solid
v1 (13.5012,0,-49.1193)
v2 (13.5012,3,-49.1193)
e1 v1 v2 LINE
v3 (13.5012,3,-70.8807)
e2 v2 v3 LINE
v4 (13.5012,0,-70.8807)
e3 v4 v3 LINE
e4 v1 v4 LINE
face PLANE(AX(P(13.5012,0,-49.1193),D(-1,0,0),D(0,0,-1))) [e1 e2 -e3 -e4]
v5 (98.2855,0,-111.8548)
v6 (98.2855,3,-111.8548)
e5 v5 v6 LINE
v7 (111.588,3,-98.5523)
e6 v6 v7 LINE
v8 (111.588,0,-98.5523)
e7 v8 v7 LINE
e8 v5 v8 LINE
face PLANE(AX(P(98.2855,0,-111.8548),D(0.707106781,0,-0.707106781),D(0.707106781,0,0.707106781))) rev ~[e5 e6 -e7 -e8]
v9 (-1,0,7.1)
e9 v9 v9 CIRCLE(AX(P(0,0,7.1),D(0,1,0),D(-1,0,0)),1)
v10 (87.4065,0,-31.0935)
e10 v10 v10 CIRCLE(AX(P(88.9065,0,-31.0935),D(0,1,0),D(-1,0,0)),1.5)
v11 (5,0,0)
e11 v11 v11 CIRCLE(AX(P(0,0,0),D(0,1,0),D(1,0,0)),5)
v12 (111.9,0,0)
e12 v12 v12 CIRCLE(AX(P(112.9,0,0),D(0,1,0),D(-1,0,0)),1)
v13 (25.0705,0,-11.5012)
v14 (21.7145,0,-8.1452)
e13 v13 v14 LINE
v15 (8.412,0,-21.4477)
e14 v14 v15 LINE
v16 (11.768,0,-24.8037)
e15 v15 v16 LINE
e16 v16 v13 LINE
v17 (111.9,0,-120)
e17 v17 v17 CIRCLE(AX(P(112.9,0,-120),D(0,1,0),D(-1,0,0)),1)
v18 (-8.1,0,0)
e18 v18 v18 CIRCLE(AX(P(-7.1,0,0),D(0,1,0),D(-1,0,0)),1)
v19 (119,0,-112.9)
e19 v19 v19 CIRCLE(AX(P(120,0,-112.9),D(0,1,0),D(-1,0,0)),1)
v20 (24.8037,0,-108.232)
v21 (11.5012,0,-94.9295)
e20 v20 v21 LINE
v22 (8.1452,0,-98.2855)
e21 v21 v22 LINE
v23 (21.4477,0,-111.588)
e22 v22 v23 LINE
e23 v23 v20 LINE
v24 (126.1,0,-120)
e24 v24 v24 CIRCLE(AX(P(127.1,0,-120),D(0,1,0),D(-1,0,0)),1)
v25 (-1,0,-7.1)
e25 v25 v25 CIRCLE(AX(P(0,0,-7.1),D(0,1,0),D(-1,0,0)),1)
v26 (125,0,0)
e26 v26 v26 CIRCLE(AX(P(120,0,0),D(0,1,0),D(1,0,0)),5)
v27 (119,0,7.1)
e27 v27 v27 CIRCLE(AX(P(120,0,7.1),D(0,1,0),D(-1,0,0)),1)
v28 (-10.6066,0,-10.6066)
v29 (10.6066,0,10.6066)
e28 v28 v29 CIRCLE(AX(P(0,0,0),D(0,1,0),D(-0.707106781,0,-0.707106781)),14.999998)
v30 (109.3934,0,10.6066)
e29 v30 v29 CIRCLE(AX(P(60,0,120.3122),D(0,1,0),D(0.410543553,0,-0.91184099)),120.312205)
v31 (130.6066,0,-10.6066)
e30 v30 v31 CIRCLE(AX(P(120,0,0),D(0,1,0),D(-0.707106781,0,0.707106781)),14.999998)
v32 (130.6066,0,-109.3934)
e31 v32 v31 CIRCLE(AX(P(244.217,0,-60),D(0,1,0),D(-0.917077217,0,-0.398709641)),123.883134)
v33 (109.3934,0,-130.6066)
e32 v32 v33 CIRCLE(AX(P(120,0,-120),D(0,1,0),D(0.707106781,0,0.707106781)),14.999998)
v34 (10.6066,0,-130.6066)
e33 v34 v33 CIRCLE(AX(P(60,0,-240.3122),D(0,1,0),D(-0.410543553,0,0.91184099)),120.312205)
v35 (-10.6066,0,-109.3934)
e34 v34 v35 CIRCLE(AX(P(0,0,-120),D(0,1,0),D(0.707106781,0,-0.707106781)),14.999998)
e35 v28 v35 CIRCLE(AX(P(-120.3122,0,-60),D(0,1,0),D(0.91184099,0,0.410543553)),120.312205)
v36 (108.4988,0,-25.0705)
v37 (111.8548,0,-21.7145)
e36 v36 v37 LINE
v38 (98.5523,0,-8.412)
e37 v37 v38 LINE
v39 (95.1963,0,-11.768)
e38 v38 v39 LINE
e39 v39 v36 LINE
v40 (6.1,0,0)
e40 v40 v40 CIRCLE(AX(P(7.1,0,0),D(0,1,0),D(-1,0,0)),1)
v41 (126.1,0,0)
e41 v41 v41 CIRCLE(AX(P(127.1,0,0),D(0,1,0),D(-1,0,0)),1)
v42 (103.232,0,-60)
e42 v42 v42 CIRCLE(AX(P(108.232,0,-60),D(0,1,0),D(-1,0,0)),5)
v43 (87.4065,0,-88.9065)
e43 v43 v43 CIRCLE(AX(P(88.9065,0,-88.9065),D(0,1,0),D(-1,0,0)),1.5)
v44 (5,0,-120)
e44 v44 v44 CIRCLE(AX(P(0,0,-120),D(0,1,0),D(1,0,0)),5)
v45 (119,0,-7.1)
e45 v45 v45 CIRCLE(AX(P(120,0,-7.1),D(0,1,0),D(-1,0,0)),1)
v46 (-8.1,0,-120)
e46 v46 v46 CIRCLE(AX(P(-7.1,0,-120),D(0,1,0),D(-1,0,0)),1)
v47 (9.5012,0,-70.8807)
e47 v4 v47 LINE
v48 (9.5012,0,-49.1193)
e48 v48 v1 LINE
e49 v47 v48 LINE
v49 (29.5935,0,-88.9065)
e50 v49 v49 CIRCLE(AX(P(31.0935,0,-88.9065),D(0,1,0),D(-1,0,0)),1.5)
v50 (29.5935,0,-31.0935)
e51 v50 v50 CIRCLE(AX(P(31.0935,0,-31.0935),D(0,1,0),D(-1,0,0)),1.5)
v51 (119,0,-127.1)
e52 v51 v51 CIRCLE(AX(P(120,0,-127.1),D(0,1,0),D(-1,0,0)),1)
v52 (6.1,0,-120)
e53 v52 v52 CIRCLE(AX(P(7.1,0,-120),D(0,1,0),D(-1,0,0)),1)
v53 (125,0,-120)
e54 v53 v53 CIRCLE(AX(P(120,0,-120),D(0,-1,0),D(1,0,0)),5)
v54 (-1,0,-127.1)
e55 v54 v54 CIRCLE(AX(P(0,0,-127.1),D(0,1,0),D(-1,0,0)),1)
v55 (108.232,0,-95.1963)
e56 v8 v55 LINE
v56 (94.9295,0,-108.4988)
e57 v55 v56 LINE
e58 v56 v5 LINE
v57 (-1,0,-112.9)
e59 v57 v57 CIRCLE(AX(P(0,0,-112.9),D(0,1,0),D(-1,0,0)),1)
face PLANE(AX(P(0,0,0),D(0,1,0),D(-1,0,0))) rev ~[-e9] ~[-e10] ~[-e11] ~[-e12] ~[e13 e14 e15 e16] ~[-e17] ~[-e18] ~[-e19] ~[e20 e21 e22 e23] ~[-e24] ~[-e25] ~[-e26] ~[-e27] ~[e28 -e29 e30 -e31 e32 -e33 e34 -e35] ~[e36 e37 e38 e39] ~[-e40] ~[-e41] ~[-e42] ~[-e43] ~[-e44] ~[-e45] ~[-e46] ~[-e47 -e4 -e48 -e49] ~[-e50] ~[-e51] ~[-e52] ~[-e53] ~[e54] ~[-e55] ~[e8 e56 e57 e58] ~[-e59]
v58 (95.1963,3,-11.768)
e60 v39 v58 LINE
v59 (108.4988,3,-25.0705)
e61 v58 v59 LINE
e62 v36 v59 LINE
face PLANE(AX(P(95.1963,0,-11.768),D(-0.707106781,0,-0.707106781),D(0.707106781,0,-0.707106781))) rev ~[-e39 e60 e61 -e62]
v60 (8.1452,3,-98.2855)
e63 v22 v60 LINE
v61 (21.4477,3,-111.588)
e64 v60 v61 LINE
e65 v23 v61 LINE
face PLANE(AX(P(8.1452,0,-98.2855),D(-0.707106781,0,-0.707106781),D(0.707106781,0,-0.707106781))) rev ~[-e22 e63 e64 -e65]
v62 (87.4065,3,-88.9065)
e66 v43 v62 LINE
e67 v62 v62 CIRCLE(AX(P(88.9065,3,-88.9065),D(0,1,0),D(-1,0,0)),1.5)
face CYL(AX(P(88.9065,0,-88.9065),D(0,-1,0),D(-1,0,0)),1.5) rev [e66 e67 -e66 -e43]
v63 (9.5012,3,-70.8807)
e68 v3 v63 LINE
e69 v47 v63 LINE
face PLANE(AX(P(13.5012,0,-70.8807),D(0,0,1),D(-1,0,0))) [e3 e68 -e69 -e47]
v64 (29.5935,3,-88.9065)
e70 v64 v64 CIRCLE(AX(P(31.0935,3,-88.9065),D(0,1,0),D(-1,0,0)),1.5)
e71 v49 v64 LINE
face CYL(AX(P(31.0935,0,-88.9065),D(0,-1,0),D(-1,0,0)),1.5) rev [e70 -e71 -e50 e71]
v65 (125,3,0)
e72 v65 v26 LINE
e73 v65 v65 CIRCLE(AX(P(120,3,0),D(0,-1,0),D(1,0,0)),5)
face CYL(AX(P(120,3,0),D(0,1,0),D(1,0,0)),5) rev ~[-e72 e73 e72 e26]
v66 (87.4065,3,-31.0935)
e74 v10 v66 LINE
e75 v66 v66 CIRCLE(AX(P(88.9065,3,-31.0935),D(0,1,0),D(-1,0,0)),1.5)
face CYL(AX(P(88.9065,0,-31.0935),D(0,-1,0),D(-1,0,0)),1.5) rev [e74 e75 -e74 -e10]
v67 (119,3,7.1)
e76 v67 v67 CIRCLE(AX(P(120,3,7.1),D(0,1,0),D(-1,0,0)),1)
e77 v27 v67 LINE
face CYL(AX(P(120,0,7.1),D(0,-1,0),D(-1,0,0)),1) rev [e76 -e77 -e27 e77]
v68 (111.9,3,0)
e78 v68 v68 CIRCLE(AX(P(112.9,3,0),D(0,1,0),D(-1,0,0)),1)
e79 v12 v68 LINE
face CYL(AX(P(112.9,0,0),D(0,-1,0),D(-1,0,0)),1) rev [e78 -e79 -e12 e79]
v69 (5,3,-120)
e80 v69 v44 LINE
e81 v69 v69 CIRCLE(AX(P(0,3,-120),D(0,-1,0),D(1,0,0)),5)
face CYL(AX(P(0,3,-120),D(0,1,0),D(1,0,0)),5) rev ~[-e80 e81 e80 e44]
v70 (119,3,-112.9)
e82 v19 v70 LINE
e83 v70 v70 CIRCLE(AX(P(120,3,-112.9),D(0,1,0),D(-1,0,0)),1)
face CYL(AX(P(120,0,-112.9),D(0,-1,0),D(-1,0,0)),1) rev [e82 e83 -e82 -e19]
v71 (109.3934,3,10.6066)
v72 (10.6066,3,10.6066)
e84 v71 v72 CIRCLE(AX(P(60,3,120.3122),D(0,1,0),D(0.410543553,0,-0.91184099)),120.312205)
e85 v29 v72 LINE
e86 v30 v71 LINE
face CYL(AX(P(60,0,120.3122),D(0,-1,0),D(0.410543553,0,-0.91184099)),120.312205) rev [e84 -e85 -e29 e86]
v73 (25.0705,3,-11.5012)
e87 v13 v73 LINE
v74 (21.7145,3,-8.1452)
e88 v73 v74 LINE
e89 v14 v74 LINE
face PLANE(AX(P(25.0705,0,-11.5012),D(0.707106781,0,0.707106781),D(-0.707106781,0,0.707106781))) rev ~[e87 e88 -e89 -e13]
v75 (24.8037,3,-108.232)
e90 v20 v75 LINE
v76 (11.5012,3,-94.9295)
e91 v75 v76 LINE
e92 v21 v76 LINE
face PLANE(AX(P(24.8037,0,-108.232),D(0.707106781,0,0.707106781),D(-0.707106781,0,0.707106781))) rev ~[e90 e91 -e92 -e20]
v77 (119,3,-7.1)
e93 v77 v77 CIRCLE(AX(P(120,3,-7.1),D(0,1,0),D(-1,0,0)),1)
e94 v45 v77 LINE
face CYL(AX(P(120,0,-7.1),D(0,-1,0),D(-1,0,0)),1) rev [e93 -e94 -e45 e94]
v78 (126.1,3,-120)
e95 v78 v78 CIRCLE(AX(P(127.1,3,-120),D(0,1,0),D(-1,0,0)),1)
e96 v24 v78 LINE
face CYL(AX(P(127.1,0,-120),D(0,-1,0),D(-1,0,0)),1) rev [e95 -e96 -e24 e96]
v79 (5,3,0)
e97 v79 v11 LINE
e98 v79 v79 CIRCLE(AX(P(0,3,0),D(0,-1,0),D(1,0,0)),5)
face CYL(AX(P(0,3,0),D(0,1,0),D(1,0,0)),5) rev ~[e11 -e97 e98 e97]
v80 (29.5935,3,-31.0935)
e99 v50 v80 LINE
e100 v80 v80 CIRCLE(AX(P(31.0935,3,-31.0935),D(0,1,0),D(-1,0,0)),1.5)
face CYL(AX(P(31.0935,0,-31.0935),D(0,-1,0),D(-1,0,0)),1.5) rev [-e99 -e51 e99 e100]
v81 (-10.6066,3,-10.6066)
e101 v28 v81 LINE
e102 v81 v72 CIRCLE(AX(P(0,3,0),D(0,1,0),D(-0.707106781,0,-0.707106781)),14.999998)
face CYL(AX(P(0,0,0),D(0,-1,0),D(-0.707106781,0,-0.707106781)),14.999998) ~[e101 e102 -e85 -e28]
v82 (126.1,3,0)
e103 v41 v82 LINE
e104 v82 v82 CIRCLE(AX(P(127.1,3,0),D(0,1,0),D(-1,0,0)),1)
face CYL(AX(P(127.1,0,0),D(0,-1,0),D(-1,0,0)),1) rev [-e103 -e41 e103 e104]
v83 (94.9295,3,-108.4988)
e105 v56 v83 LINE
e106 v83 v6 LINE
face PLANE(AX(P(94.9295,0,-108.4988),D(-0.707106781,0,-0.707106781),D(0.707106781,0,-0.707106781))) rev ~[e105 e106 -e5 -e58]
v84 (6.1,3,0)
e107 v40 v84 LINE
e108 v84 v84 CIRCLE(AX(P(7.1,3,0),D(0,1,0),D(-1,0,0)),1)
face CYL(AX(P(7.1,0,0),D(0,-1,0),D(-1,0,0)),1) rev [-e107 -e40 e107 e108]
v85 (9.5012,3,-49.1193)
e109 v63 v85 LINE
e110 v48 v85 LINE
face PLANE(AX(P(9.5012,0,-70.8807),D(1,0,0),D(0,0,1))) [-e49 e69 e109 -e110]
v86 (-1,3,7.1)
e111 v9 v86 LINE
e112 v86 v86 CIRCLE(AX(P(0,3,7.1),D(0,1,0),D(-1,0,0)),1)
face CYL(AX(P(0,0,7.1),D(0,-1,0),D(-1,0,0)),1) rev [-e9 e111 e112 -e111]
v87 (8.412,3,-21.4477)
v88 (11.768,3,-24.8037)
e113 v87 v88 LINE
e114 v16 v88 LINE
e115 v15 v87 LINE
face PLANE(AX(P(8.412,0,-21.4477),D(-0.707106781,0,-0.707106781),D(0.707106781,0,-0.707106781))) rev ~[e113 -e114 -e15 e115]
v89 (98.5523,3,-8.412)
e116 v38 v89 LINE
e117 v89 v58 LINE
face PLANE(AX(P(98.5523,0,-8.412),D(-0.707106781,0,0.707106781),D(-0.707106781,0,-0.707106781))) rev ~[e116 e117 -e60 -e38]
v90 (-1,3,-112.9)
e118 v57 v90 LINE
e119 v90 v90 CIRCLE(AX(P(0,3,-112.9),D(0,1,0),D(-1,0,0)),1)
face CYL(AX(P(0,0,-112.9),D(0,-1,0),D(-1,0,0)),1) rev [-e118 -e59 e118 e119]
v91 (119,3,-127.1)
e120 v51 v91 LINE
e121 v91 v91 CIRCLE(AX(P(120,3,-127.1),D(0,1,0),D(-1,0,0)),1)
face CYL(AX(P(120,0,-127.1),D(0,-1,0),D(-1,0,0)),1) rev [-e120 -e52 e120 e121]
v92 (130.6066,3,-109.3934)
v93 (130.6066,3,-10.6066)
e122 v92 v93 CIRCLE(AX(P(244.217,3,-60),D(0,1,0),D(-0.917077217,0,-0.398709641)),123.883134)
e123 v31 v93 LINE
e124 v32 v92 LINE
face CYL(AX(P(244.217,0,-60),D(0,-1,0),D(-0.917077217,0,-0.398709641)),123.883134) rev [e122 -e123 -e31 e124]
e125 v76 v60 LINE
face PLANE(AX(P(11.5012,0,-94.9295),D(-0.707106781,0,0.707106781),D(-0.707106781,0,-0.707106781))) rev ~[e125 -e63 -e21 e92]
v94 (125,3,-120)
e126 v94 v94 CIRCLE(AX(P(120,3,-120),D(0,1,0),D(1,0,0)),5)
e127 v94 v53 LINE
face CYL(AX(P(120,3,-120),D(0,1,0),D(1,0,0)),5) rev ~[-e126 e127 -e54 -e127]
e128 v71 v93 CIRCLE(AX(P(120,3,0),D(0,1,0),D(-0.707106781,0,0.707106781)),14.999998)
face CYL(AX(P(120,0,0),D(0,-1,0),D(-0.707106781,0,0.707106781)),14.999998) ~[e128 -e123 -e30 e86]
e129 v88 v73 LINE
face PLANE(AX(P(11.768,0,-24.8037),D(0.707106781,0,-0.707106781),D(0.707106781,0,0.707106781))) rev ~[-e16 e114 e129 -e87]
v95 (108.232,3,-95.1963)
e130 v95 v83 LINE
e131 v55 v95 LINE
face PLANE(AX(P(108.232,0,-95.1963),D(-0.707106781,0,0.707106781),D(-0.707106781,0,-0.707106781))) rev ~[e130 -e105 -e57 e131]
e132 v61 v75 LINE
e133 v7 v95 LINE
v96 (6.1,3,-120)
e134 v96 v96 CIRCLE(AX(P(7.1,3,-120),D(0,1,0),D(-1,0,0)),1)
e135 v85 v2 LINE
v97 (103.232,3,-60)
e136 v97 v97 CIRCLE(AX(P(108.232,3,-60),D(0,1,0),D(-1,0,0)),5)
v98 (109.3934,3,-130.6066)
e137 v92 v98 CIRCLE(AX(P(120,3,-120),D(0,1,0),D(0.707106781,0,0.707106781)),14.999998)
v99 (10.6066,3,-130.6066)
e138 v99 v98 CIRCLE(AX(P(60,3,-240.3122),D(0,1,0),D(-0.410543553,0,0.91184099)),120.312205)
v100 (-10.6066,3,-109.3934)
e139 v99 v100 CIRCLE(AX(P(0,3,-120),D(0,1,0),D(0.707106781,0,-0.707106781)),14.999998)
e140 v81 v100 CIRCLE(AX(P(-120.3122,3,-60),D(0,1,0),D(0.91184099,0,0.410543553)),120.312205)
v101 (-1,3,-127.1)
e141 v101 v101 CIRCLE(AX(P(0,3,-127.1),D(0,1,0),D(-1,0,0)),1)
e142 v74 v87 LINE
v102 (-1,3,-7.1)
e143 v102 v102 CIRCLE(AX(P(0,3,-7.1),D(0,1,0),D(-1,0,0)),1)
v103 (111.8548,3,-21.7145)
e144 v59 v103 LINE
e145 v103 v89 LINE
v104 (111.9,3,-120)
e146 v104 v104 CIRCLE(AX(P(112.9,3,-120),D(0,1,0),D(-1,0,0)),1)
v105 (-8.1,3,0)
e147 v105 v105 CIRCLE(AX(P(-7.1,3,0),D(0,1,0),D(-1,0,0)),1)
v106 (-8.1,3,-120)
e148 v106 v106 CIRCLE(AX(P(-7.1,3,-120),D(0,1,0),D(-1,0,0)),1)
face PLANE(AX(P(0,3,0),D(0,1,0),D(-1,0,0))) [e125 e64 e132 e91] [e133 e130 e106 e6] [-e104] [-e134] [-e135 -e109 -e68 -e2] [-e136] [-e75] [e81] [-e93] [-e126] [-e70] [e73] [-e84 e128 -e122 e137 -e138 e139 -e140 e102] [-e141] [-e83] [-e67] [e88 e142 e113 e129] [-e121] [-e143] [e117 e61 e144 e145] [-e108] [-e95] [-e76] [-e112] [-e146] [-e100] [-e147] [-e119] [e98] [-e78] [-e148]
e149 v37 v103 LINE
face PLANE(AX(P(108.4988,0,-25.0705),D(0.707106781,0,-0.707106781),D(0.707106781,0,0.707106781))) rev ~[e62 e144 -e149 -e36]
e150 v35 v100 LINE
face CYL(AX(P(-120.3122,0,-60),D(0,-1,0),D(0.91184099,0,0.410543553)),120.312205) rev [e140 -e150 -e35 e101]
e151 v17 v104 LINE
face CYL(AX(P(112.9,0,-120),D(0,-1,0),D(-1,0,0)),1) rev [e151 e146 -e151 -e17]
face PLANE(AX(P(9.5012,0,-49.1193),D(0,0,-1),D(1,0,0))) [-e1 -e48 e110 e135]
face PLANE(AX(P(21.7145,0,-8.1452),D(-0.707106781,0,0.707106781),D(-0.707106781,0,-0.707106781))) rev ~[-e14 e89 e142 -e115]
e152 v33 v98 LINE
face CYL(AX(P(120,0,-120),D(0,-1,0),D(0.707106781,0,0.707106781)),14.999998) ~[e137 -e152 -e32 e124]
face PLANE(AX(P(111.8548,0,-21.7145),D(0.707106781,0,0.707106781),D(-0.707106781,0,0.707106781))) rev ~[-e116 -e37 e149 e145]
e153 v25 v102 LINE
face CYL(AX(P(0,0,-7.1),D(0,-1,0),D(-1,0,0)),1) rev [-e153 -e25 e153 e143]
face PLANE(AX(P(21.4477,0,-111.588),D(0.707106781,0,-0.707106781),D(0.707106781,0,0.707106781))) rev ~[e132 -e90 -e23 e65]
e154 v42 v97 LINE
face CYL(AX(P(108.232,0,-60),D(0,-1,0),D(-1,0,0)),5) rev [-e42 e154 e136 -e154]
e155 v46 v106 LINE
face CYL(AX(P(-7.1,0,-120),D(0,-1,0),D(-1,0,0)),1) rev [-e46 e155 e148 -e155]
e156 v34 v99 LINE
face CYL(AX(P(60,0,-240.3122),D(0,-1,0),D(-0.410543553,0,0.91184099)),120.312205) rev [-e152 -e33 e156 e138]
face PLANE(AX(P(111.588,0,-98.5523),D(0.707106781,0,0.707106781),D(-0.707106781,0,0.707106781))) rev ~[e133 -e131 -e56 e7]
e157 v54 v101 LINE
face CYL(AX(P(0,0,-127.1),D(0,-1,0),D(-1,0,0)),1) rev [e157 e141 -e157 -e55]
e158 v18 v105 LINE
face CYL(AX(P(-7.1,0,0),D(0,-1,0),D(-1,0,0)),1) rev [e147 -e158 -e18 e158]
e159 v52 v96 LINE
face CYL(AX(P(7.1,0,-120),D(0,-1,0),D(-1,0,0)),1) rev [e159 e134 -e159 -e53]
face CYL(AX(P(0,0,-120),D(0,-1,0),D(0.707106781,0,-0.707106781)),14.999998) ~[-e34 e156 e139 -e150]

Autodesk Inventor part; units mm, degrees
ref_plane "YZ Plane" through (0, 0, 0) normal (1, 0, 0) x (0, 1, 0)
ref_plane "XZ Plane" through (0, 0, 0) normal (0, 1, 0) x (-1, 0, 0)
ref_plane "XY Plane" through (0, 0, 0) normal (0, 0, 1) x (1, 0, 0)
sketch "Sketch1" plane through (0, 0, 0) normal (0, 1, 0) x (-1, 0, 0)
  arc A0 (-10.6066, -130.6066) -> (10.6066, -109.3934) centre (0, -120) ccw
  arc A1 (10.6066, -10.6066) -> (-10.6066, 10.6066) centre (0, 0) ccw
  arc A2 (-130.6066, -109.3934) -> (-109.3934, -130.6066) centre (-120, -120) ccw
  arc A3 (-109.3934, 10.6066) -> (-130.6066, -10.6066) centre (-120, 0) ccw
  arc A4 (10.6066, -10.6066) -> (10.6066, -109.3934) centre (120.3122, -60) ccw
  arc A5 (-10.6066, -130.6066) -> (-109.3934, -130.6066) centre (-60, -240.3122) ccw
  arc A6 (-109.3934, 10.6066) -> (-10.6066, 10.6066) centre (-60, 120.3122) ccw
  arc A7 (-130.6066, -109.3934) -> (-130.6066, -10.6066) centre (-244.217, -60) ccw
  circle A8 centre (7.1, 0) radius 1
  circle A9 centre (0, 7.1) radius 1
  circle A10 centre (-7.1, 0) radius 1
  circle A11 centre (0, -7.1) radius 1
  circle A12 centre (0, 0) radius 1.5
  circle A13 centre (-120, 0) radius 1.5
  circle A14 centre (-120, -120) radius 1.5
  circle A15 centre (0, -120) radius 1.5
  circle A16 centre (-120, 7.1) radius 1
  circle A17 centre (-127.1, 0) radius 1
  circle A18 centre (-120, -7.1) radius 1
  circle A19 centre (-112.9, 0) radius 1
  circle A20 centre (-127.1, -120) radius 1
  circle A21 centre (-120, -127.1) radius 1
  circle A22 centre (-112.9, -120) radius 1
  circle A23 centre (-120, -112.9) radius 1
  circle A24 centre (0, -127.1) radius 1
  circle A25 centre (7.1, -120) radius 1
  circle A26 centre (0, -112.9) radius 1
  circle A27 centre (-7.1, -120) radius 1
  line L0 (-21.7145, -8.1452) -> (-8.412, -21.4477)
  line L1 (-8.412, -21.4477) -> (-11.768, -24.8037)
  line L2 (-11.768, -24.8037) -> (-25.0705, -11.5012)
  line L3 (-25.0705, -11.5012) -> (-21.7145, -8.1452)
  line L4 (-95.1963, -11.768) -> (-108.4988, -25.0705)
  line L5 (-98.5523, -8.412) -> (-95.1963, -11.768)
  line L6 (-111.8548, -21.7145) -> (-98.5523, -8.412)
  line L7 (-108.4988, -25.0705) -> (-111.8548, -21.7145)
  line L8 (-108.232, -95.1963) -> (-94.9295, -108.4988)
  line L9 (-111.588, -98.5523) -> (-108.232, -95.1963)
  line L10 (-98.2855, -111.8548) -> (-111.588, -98.5523)
  line L11 (-94.9295, -108.4988) -> (-98.2855, -111.8548)
  line L12 (-24.8037, -108.232) -> (-11.5012, -94.9295)
  line L13 (-21.4477, -111.588) -> (-24.8037, -108.232)
  line L14 (-8.1452, -98.2855) -> (-21.4477, -111.588)
  line L15 (-11.5012, -94.9295) -> (-8.1452, -98.2855)
  circle A28 centre (-108.232, -60) radius 5
  line L16 (-9.5012, -49.1193) -> (-13.5012, -49.1193)
  line L17 (-13.5012, -49.1193) -> (-13.5012, -70.8807)
  line L18 (-13.5012, -70.8807) -> (-9.5012, -70.8807)
  line L19 (-9.5012, -70.8807) -> (-9.5012, -49.1193)
  line L20 (-9.5012, -49.1193) -> (-13.5012, -70.8807) construction
  line L21 (-13.5012, -49.1193) -> (-9.5012, -70.8807) construction
  circle A29 centre (-31.0935, -31.0935) radius 1.5
  circle A30 centre (-88.9065, -31.0935) radius 1.5
  circle A31 centre (-88.9065, -88.9065) radius 1.5
  circle A32 centre (-31.0935, -88.9065) radius 1.5
  point P0 (-60, -60)
  point P1 (-11.5012, -60)
  dimension "d13" = 360
  dimension "d19" = 360
  dimension "d23" = 360
  dimension "d29" = 360
  dimension "d31" = 10
  dimension "d32" = 4
  dimension "d33" = 3
  dimension "d36" = 360
  dimension "d48" = 57.813
extrude "Extrusion1" add sketch "Sketch1" along normal blind 3
sketch "Sketch2" plane through (0, 3, 0) normal (0, 1, 0) x (1, 0, 0)
  point P0 (0, 0)
sketch "Sketch3" plane through (0, 3, 0) normal (0, 1, 0) x (1, 0, 0)
  circle A0 centre (120, 120) radius 1.5 projected
  arc A1 (-10.6066, 10.6066) -> (10.6066, -10.6066) centre (0, 0) ccw projected
  line L0 (-10.6066, -10.6066) -> (130.6066, 130.6066)
  arc A2 (130.6066, 109.3934) -> (109.3934, 130.6066) centre (120, 120) ccw projected
  arc A3 (109.3934, -10.6066) -> (130.6066, 10.6066) centre (120, 0) ccw projected
  line L1 (130.6066, -10.6066) -> (-10.6066, 130.6066)
  circle A4 centre (0, 0) radius 5
  line L2 (60, 60) -> (63.3779, 59.6927)
  circle A5 centre (120, 0) radius 5
  circle A6 centre (120, 120) radius 5
  circle A7 centre (0, 120) radius 5
  dimension "d41" = 10
  dimension "d44" = 360
sketch "Sketch4" plane through (0, 3, 0) normal (0, 1, 0) x (1, 0, 0)
  point P0 (0, 0)
extrude "Extrusion2" cut sketch "Sketch3" against normal blind 3 contours A0 L0 A6 | A0 L0 A6 | A5 L1 | L1 A5 | A4 L0 | L0 A4 | A7 L1 | L1 A7
properties part number "Base2"
